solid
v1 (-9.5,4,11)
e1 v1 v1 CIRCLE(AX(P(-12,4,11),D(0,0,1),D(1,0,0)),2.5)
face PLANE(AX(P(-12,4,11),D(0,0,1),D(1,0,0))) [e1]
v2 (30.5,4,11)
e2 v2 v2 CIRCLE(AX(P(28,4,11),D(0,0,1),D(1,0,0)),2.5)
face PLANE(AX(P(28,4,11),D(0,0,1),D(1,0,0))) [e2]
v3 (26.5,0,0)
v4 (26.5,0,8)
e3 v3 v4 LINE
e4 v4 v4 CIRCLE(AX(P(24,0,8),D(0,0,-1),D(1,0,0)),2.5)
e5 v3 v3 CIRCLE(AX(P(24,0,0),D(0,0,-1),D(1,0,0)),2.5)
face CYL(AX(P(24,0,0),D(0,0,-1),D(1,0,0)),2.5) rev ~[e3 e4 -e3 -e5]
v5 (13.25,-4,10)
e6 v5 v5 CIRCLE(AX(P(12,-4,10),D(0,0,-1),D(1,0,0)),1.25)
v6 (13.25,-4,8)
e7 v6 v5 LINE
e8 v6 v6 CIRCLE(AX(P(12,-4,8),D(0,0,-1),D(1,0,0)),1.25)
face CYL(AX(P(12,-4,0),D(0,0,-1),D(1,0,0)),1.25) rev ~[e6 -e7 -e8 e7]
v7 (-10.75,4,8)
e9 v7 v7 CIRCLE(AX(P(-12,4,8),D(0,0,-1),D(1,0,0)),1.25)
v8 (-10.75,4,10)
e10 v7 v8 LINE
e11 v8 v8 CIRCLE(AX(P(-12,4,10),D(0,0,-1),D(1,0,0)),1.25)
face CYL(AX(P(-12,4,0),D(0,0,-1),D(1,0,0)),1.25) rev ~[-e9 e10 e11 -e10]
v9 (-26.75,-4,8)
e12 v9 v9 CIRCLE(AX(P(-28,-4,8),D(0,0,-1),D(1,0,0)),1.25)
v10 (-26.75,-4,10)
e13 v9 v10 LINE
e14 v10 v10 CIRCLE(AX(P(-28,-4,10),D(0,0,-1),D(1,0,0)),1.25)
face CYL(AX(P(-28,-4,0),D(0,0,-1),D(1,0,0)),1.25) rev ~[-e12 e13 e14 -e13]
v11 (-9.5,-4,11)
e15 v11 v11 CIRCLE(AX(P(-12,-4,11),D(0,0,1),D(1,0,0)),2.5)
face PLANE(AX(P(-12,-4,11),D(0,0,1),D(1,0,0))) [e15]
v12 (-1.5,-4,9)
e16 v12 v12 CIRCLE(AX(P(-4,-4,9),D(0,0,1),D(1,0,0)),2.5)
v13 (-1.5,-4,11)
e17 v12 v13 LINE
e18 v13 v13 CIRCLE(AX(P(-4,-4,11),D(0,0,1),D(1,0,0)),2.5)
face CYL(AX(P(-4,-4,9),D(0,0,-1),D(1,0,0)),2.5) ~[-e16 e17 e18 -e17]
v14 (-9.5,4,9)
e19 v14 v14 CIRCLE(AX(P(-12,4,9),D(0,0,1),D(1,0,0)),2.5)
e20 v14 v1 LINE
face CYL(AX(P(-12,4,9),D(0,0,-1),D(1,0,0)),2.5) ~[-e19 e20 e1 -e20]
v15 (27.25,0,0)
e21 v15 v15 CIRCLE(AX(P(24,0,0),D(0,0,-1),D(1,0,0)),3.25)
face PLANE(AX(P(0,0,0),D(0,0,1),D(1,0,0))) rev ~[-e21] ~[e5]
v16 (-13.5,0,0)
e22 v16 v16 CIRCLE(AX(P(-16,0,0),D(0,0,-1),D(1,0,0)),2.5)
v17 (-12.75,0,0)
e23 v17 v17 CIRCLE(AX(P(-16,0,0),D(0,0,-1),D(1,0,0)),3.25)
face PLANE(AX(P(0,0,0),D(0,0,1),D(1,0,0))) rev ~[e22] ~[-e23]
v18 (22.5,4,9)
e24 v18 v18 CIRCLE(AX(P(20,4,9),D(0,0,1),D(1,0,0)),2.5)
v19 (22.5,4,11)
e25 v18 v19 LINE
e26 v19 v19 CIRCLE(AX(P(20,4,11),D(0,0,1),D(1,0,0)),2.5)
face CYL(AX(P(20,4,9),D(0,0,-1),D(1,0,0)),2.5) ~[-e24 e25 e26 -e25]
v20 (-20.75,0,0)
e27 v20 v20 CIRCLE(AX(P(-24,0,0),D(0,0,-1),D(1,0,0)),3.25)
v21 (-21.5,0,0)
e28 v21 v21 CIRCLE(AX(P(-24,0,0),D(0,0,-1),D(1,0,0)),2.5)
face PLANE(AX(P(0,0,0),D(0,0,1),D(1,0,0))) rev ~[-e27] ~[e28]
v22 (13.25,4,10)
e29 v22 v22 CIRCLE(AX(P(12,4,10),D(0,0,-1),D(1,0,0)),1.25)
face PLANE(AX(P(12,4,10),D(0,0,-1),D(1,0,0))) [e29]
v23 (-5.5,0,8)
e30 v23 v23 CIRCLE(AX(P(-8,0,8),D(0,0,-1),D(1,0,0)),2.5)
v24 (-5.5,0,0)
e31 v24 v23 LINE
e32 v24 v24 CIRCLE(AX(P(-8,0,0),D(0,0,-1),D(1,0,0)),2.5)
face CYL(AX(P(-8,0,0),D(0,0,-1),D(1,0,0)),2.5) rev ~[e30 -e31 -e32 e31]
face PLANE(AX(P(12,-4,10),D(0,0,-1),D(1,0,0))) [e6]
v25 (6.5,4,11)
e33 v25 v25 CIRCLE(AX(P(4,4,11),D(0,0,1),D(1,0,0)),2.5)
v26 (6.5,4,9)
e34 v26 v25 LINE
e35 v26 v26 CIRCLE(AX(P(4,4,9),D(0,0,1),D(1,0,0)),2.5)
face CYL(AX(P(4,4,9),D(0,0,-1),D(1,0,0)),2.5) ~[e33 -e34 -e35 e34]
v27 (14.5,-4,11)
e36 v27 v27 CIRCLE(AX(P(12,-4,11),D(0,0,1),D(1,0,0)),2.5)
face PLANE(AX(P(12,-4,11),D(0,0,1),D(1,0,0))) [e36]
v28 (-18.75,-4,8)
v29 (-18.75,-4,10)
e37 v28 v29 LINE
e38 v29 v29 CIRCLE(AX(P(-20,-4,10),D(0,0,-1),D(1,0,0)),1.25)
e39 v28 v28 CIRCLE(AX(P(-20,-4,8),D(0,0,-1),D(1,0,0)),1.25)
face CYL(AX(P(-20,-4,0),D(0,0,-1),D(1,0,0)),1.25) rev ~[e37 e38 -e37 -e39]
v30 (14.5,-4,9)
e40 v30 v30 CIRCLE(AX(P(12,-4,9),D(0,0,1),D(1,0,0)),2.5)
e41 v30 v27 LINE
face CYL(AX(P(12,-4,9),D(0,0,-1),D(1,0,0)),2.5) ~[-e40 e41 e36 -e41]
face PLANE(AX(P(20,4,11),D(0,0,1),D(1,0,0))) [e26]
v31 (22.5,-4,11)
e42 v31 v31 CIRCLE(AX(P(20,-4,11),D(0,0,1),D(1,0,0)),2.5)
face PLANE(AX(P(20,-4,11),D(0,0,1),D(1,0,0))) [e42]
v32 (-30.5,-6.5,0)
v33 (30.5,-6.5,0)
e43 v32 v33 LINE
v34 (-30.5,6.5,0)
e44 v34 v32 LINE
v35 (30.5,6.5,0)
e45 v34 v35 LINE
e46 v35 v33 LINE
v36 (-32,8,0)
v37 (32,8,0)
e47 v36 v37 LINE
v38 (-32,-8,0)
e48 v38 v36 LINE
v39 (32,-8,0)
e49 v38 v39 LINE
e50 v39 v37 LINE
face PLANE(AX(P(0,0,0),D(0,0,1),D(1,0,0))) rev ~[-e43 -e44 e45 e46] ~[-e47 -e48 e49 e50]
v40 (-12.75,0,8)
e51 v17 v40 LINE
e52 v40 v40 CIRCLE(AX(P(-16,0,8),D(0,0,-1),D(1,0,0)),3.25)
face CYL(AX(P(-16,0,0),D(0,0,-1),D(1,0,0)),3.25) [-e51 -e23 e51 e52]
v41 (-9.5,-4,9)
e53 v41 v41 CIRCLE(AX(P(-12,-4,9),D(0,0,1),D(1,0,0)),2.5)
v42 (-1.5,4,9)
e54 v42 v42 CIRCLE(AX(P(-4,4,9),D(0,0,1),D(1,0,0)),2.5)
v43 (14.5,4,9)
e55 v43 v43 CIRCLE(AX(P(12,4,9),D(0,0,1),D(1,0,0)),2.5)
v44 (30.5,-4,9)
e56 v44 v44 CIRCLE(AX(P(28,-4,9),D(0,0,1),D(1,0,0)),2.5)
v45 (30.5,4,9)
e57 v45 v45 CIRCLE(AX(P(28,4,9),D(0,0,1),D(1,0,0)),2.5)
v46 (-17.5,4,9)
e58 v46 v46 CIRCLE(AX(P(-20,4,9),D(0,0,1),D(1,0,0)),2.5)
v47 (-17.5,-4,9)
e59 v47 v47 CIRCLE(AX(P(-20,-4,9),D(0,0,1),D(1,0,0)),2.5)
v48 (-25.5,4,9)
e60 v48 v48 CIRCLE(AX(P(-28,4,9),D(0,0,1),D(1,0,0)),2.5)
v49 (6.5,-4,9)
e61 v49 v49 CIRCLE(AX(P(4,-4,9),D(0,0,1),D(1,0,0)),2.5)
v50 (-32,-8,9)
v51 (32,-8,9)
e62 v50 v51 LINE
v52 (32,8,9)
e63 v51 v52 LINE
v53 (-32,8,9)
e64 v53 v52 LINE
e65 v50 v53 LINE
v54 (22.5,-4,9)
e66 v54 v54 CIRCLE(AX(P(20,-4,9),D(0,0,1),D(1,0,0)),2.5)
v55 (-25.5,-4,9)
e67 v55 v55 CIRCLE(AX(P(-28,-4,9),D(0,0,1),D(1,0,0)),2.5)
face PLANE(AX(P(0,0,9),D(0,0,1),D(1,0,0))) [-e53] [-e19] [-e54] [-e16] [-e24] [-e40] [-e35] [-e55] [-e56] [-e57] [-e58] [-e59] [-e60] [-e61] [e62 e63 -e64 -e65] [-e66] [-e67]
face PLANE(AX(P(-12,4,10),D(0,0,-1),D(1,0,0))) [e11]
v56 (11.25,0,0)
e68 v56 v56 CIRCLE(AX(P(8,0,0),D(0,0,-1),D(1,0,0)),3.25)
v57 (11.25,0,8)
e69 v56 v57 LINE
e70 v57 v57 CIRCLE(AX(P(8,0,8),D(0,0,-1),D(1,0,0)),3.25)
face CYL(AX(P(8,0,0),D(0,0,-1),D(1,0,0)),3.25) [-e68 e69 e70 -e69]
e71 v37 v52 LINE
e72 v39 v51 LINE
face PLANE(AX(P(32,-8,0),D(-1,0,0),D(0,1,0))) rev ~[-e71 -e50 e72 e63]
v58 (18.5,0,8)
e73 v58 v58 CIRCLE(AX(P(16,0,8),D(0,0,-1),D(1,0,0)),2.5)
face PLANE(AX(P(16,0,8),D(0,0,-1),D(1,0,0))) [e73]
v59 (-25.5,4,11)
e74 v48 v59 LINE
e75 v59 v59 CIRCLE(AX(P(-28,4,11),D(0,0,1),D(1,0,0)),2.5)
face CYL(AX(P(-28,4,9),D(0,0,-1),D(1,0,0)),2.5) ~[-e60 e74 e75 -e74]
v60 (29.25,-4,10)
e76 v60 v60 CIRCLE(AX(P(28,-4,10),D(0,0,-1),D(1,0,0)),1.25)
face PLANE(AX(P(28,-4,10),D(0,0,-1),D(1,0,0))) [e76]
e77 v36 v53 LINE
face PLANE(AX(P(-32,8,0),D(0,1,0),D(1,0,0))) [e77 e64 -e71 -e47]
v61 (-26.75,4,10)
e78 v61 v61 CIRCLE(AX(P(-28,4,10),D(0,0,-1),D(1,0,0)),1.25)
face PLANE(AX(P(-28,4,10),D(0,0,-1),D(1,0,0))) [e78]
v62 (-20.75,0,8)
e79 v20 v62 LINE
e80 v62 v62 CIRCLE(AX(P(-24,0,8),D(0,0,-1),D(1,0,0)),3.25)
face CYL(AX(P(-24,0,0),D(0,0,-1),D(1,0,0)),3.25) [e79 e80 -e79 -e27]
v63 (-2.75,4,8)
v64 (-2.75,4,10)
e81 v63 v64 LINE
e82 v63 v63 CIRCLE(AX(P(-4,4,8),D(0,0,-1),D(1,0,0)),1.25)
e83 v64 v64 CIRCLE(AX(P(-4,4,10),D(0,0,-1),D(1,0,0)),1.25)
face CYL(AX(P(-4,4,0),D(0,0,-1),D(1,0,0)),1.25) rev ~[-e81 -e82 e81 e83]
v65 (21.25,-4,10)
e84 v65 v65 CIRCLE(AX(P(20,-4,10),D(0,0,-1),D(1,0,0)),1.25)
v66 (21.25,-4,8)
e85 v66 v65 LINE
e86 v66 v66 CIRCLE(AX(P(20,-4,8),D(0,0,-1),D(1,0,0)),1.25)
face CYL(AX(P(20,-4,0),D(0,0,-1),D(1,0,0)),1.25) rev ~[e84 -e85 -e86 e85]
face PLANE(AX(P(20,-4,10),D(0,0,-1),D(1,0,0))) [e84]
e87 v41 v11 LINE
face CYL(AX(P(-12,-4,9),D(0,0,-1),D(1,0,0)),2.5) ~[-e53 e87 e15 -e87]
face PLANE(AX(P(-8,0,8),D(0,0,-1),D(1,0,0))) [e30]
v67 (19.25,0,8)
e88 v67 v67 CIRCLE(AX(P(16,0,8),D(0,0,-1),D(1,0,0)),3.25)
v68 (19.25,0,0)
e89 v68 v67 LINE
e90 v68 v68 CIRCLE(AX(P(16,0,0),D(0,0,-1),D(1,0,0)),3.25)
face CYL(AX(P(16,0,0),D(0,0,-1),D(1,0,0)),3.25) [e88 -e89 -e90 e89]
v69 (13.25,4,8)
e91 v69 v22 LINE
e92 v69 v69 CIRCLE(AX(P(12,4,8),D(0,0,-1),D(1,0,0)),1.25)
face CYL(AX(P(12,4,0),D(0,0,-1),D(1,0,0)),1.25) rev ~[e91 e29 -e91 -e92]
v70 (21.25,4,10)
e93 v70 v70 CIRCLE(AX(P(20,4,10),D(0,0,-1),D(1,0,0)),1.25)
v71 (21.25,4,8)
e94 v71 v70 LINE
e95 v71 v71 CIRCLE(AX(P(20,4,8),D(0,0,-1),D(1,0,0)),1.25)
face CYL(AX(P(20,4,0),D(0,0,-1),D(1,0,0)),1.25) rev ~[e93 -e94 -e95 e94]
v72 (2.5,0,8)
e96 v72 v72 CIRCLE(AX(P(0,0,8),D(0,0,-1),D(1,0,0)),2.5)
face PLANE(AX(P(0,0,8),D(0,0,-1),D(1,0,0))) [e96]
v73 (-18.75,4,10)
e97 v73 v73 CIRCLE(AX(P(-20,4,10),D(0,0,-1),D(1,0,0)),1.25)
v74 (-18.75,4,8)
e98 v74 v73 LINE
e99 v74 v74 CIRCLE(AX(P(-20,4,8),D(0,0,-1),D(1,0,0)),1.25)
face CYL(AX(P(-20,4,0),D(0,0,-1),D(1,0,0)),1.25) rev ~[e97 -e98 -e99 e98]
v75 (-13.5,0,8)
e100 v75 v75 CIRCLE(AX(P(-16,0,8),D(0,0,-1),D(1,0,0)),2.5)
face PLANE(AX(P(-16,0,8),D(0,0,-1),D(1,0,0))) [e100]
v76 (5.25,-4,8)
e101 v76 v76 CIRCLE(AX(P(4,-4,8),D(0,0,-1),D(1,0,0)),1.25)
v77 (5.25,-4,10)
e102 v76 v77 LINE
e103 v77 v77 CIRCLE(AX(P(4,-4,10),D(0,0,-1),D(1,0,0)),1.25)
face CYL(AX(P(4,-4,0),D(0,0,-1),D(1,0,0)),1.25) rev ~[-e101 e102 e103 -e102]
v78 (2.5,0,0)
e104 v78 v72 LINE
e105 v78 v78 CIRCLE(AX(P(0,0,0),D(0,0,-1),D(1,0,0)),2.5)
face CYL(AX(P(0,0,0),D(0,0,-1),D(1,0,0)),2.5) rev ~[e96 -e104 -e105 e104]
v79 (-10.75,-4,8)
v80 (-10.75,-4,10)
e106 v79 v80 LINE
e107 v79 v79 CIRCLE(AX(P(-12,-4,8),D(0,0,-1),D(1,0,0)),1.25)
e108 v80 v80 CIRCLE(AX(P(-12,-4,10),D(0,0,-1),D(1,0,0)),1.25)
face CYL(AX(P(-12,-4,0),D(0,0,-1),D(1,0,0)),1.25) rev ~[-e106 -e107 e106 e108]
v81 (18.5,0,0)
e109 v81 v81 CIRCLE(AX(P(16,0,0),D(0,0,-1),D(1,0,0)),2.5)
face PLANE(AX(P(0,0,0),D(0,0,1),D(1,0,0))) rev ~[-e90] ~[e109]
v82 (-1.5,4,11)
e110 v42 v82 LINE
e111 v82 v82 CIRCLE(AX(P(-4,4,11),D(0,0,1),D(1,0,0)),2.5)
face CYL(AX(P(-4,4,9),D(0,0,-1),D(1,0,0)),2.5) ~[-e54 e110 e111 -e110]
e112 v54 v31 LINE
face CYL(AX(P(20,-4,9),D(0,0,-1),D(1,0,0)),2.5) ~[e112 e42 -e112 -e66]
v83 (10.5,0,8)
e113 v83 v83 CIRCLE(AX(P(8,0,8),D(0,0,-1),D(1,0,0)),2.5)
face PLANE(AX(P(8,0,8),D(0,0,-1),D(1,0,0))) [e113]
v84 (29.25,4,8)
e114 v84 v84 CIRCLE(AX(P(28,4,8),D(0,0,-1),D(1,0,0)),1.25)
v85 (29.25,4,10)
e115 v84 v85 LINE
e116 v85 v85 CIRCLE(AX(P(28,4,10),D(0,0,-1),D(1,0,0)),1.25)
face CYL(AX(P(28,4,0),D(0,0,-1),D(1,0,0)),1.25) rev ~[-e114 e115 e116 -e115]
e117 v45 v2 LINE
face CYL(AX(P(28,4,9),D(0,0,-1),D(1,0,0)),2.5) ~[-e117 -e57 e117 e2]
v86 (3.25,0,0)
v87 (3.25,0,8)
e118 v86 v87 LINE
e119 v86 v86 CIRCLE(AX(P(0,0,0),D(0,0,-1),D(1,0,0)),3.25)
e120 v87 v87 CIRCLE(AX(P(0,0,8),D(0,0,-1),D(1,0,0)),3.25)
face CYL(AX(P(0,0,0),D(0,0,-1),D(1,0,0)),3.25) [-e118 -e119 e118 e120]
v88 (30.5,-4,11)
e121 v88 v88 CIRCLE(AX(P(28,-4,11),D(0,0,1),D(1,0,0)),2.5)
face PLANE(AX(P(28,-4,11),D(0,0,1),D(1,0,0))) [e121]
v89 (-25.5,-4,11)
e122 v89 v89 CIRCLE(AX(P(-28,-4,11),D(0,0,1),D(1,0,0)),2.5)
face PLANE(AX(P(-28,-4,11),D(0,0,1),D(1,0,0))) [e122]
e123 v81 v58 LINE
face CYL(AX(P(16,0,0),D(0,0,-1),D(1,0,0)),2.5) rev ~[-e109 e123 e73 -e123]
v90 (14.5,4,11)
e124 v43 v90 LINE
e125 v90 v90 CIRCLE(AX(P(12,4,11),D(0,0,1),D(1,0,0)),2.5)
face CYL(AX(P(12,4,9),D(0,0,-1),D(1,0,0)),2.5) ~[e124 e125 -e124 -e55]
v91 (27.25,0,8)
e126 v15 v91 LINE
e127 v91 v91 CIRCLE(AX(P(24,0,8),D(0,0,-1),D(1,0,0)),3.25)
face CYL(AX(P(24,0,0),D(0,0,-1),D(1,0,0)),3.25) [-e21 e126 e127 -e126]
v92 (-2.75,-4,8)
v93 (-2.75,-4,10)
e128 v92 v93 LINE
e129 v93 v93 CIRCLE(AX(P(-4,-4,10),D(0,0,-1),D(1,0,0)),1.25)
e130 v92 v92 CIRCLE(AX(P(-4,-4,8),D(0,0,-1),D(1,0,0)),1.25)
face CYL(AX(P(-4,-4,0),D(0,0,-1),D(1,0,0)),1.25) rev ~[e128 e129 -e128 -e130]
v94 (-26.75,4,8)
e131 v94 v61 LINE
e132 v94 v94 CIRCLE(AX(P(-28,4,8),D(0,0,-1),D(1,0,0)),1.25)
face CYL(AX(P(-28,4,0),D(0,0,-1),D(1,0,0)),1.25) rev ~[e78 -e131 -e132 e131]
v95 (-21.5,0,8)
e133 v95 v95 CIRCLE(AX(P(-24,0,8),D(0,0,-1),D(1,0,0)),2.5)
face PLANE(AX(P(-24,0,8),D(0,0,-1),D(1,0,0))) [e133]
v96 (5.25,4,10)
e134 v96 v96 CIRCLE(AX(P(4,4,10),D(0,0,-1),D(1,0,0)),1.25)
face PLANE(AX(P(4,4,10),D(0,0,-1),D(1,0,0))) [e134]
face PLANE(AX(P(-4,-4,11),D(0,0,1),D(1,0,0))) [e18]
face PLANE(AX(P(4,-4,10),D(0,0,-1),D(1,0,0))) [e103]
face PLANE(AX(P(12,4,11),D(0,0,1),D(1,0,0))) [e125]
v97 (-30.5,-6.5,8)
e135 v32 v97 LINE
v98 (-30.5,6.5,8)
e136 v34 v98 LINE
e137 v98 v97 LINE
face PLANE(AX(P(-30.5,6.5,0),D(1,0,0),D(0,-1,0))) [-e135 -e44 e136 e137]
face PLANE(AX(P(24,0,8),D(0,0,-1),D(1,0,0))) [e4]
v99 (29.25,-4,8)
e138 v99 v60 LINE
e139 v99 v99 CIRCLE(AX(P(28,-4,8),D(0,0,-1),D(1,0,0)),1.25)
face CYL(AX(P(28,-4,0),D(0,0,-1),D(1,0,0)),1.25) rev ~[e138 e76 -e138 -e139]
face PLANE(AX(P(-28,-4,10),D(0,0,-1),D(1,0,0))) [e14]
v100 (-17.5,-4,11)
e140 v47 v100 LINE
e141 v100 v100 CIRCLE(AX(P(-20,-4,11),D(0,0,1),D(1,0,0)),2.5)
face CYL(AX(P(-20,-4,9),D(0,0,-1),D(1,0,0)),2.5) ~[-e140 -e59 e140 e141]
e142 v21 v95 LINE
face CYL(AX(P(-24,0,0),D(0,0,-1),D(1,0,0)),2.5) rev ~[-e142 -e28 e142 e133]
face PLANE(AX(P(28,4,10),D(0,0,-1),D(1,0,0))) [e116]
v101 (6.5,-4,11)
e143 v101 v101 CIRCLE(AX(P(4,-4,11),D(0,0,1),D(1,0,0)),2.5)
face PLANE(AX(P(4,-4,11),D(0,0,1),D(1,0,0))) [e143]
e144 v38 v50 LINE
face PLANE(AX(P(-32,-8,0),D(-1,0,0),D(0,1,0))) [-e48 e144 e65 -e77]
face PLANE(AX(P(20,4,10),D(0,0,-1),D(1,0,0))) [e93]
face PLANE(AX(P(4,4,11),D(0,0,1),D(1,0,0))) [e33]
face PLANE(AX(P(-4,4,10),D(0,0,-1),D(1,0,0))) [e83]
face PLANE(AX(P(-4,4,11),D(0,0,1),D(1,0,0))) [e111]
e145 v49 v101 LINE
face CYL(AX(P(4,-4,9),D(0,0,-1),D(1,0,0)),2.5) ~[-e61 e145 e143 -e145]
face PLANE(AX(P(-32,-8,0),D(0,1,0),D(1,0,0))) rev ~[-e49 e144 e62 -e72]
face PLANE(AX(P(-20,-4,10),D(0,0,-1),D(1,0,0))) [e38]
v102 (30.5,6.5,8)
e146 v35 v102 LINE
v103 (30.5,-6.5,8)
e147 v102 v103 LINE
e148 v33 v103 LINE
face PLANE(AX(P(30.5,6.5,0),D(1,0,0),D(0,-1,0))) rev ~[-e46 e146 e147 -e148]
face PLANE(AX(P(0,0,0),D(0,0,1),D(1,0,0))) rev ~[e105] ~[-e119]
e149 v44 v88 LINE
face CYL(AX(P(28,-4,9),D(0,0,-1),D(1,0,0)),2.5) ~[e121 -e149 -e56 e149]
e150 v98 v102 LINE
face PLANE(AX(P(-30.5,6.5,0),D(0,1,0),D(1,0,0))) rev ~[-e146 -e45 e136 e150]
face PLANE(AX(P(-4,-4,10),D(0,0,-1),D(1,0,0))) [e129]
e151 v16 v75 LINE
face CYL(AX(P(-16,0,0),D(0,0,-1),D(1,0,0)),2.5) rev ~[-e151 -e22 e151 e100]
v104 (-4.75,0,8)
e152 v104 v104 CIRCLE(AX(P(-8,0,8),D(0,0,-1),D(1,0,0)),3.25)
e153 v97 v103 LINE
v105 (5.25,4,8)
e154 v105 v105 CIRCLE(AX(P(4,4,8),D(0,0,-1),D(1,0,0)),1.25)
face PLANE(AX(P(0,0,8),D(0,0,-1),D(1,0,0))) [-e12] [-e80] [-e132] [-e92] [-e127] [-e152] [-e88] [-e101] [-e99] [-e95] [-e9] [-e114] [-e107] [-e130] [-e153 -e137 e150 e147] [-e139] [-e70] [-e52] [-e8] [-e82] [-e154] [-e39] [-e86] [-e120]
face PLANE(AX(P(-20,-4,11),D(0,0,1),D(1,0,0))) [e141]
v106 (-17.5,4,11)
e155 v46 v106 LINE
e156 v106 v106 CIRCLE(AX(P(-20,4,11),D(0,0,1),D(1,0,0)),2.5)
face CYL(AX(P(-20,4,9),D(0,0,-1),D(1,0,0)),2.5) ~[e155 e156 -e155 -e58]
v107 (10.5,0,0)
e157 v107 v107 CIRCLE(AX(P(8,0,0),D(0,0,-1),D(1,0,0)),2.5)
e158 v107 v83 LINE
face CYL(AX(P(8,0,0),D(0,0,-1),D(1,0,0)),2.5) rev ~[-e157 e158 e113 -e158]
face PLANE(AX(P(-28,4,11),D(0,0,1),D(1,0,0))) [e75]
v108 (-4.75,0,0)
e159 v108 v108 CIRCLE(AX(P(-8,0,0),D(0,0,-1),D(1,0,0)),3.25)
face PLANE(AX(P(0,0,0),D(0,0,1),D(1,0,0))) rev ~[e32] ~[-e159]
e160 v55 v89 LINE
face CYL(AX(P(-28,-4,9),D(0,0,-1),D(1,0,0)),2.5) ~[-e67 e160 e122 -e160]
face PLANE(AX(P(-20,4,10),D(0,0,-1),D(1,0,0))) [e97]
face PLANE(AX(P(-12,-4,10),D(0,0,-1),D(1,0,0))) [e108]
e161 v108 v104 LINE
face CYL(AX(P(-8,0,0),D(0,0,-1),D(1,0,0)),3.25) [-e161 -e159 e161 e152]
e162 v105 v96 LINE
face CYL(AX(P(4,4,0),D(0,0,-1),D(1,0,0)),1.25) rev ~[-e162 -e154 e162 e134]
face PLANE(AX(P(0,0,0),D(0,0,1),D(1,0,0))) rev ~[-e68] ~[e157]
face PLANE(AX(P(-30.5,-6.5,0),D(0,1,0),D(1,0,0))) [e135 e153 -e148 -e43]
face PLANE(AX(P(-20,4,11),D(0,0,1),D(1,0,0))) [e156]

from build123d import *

# Parameters (mm, degrees)
F0_W     = 64
F0_H     = 16
F1_DEPTH = 9
F2_R     = 2.5
F3_DEPTH = 2
F4_W     = 61
F4_H     = 13
F4_R     = 3.25
F4_R_2   = 2.5
F5_DEPTH = 8
F6_R     = 1.25
F7_DEPTH = 10


with BuildPart() as f1:
    # F0 (on Top) → F1 (new body)
    with BuildSketch(Plane.XY):
        Rectangle(F0_W, F0_H)
    extrude(amount=F1_DEPTH)

    # F2 (on face) → F3 (join)
    with BuildSketch(Plane.XY.offset(9)):
        with Locations((-28, 4)):
            Circle(F2_R)
        with Locations((-28, -4)):
            Circle(F2_R)
        with Locations((-20, 4)):
            Circle(F2_R)
        with Locations((-20, -4)):
            Circle(F2_R)
        with Locations((-12, 4)):
            Circle(F2_R)
        with Locations((-12, -4)):
            Circle(F2_R)
        with Locations((-4, 4)):
            Circle(F2_R)
        with Locations((-4, -4)):
            Circle(F2_R)
        with Locations((4, 4)):
            Circle(F2_R)
        with Locations((4, -4)):
            Circle(F2_R)
        with Locations((12, 4)):
            Circle(F2_R)
        with Locations((12, -4)):
            Circle(F2_R)
        with Locations((20, 4)):
            Circle(F2_R)
        with Locations((20, -4)):
            Circle(F2_R)
        with Locations((28, 4)):
            Circle(F2_R)
        with Locations((28, -4)):
            Circle(F2_R)
    extrude(amount=F3_DEPTH)

    # F4 (on face) → F5 (cut)
    with BuildSketch(Plane(origin=(0, 0, 0), x_dir=(1, 0, 0), z_dir=(0, 0, -1))):
        Rectangle(F4_W, F4_H)
        with Locations((-24, 0)):
            Circle(F4_R, mode=Mode.SUBTRACT)
        with Locations((-16, 0)):
            Circle(F4_R, mode=Mode.SUBTRACT)
        with Locations((-8, 0)):
            Circle(F4_R, mode=Mode.SUBTRACT)
        Circle(F4_R, mode=Mode.SUBTRACT)
        with Locations((8, 0)):
            Circle(F4_R, mode=Mode.SUBTRACT)
        with Locations((16, 0)):
            Circle(F4_R, mode=Mode.SUBTRACT)
        with Locations((24, 0)):
            Circle(F4_R, mode=Mode.SUBTRACT)
        with Locations((-24, 0)):
            Circle(F4_R_2)
        with Locations((-16, 0)):
            Circle(F4_R_2)
        with Locations((-8, 0)):
            Circle(F4_R_2)
        Circle(F4_R_2)
        with Locations((8, 0)):
            Circle(F4_R_2)
        with Locations((16, 0)):
            Circle(F4_R_2)
        with Locations((24, 0)):
            Circle(F4_R_2)
    extrude(amount=-F5_DEPTH, mode=Mode.SUBTRACT)

    # F6 (on face) → F7 (cut)
    with BuildSketch(Plane(origin=(0, 0, 0), x_dir=(1, 0, 0), z_dir=(0, 0, -1))):
        with Locations((-28, 4)):
            Circle(F6_R)
        with Locations((-28, -4)):
            Circle(F6_R)
        with Locations((-20, 4)):
            Circle(F6_R)
        with Locations((-20, -4)):
            Circle(F6_R)
        with Locations((-12, 4)):
            Circle(F6_R)
        with Locations((-12, -4)):
            Circle(F6_R)
        with Locations((-4, 4)):
            Circle(F6_R)
        with Locations((-4, -4)):
            Circle(F6_R)
        with Locations((4, 4)):
            Circle(F6_R)
        with Locations((4, -4)):
            Circle(F6_R)
        with Locations((12, 4)):
            Circle(F6_R)
        with Locations((12, -4)):
            Circle(F6_R)
        with Locations((20, 4)):
            Circle(F6_R)
        with Locations((20, -4)):
            Circle(F6_R)
        with Locations((28, 4)):
            Circle(F6_R)
        with Locations((28, -4)):
            Circle(F6_R)
    extrude(amount=-F7_DEPTH, mode=Mode.SUBTRACT)


solid = f1.part
